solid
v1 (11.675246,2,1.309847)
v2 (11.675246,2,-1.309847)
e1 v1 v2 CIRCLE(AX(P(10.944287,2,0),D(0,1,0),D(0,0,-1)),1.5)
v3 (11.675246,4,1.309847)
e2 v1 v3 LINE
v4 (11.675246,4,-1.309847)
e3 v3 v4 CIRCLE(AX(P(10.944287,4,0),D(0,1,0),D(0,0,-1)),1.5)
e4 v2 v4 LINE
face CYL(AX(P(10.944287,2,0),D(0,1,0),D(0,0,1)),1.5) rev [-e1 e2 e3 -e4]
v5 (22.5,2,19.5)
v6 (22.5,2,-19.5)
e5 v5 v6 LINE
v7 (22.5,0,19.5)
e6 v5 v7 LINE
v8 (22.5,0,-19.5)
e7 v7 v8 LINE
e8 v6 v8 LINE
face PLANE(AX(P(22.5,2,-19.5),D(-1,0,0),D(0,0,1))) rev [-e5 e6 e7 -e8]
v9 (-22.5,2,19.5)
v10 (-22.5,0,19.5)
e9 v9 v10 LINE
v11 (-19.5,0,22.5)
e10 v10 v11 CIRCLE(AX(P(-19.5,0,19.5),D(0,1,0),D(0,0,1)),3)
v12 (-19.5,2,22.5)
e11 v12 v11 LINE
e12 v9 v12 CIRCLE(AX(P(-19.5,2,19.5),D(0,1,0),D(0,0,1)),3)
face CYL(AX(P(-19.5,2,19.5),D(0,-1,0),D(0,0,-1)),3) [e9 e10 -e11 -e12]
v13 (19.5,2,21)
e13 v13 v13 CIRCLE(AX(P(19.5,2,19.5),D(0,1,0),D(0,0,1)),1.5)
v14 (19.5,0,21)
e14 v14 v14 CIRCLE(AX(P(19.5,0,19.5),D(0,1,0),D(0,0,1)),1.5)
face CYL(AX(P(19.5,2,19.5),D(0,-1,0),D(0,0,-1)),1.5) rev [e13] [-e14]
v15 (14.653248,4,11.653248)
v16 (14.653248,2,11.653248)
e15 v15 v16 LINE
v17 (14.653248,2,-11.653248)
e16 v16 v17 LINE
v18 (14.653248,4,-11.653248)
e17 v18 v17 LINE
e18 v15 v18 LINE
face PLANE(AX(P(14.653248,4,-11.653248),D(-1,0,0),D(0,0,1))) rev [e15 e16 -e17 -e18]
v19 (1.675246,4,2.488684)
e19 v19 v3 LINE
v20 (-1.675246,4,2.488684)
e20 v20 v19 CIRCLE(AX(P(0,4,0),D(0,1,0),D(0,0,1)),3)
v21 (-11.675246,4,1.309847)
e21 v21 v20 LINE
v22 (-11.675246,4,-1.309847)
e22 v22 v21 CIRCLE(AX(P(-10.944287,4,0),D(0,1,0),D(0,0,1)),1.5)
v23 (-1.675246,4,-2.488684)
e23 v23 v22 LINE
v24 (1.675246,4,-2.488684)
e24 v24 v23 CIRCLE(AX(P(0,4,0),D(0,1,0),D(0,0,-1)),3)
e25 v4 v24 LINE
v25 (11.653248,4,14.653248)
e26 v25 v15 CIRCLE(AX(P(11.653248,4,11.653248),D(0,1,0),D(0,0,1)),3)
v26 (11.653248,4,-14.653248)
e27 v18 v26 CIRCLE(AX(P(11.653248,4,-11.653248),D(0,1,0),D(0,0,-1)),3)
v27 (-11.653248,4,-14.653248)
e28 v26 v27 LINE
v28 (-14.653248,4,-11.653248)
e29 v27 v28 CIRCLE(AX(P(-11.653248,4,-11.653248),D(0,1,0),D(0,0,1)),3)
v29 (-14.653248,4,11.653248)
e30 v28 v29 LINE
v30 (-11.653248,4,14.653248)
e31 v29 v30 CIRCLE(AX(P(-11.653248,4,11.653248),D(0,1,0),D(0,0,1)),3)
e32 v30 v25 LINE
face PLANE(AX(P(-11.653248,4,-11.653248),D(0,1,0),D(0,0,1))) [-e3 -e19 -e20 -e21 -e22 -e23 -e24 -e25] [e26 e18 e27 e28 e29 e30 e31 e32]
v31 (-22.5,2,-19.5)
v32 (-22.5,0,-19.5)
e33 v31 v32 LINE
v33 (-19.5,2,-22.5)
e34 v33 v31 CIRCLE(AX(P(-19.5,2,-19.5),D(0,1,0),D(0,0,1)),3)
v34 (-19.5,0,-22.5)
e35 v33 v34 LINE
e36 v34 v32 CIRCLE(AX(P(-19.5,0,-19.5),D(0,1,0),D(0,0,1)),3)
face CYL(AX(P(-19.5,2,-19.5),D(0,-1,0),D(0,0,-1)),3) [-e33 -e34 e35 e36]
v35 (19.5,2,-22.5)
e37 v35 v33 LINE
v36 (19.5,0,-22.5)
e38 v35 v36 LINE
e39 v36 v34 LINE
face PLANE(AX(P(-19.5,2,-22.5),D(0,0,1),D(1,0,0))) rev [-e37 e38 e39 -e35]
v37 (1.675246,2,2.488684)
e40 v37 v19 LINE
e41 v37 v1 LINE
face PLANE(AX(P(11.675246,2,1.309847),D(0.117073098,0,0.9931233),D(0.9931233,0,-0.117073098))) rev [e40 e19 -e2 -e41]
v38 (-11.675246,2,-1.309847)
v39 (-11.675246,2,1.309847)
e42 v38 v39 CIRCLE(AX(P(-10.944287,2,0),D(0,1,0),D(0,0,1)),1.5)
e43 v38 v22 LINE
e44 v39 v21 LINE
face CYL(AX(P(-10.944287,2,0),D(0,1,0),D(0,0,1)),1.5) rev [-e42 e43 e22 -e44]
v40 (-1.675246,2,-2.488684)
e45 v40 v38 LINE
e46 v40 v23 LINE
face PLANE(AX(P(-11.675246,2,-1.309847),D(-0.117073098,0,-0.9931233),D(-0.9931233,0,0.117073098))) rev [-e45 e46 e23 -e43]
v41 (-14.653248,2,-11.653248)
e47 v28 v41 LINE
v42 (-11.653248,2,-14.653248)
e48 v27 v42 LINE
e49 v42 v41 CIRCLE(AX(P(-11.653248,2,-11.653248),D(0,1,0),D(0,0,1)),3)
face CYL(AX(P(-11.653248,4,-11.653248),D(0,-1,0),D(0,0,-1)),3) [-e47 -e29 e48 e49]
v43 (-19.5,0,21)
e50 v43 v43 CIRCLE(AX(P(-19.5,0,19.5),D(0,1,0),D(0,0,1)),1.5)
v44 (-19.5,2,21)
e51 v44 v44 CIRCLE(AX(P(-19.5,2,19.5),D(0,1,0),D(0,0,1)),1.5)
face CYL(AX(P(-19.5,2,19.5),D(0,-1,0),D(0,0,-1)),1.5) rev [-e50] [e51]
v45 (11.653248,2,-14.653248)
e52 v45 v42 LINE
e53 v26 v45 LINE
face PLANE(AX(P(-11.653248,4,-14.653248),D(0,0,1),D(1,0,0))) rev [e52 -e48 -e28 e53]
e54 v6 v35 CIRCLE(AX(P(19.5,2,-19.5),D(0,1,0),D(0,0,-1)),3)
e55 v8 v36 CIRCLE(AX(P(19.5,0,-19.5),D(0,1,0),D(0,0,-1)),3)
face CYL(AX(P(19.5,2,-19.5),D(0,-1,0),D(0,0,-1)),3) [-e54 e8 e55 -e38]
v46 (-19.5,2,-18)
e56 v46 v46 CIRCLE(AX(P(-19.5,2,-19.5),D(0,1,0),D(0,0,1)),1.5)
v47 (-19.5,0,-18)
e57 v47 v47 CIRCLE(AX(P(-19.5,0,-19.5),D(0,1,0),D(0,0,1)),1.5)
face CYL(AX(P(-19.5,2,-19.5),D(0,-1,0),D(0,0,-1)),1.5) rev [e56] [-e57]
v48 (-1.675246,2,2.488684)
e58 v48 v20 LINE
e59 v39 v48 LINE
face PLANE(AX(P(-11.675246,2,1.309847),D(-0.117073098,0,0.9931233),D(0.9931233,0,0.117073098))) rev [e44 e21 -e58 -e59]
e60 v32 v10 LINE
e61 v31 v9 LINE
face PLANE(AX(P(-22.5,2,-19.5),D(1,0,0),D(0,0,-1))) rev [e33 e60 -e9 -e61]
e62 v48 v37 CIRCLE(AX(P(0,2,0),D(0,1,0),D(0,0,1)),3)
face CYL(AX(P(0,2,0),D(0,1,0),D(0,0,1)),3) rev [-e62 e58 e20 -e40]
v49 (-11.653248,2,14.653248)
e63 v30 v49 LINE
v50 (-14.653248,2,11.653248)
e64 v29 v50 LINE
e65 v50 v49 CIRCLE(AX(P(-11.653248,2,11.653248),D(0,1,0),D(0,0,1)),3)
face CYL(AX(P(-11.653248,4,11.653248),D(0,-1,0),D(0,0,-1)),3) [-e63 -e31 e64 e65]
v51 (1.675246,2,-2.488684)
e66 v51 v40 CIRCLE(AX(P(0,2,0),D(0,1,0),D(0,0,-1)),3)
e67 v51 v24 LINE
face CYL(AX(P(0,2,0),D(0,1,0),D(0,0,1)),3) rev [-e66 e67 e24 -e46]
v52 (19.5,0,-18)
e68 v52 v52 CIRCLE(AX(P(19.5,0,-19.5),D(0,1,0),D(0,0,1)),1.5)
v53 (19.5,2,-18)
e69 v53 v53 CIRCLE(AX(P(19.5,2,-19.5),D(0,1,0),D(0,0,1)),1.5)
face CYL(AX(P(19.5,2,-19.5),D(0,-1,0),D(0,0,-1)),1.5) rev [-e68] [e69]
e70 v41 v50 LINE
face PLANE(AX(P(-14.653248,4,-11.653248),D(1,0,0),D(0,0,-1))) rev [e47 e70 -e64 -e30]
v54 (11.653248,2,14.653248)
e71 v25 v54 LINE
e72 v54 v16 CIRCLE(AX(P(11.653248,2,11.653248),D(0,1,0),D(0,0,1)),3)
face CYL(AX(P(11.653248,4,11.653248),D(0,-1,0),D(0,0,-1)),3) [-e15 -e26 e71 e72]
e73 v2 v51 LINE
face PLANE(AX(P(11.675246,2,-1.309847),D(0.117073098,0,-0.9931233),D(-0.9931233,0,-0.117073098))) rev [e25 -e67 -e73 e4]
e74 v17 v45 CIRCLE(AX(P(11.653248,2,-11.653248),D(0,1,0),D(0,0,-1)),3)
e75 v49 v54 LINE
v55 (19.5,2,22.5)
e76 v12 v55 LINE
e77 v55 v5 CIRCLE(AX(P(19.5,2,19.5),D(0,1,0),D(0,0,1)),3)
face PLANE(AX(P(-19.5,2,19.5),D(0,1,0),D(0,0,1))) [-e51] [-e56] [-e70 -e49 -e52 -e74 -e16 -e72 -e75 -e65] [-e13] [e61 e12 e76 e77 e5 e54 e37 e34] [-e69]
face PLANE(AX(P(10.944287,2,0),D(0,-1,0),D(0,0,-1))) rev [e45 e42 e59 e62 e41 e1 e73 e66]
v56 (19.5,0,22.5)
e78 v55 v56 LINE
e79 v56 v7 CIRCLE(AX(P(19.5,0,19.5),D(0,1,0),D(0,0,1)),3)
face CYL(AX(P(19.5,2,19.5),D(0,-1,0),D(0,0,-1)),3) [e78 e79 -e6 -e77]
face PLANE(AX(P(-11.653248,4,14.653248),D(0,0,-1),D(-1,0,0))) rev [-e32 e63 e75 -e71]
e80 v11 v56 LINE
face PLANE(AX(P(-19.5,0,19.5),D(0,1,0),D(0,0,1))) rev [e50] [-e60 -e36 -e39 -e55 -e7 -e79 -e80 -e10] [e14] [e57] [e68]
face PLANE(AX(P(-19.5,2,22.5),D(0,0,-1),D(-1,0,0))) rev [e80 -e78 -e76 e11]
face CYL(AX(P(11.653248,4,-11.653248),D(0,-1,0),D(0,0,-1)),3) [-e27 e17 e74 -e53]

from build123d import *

# Parameters (mm, degrees)
SKETCH2_R           = 1.5
BOSS_EXTRUDE1_DEPTH = 2
BOSS_EXTRUDE2_DEPTH = 2
CUT_EXTRUDE1_DEPTH  = 2


with BuildPart() as part:
    # Sketch2 → Boss-Extrude1 (new body)
    with BuildSketch(Plane(origin=(0, 0, 0), x_dir=(1, 0, 0), z_dir=(0, 1, 0))):
        with BuildLine():
            Line((-19.5, 22.5), (19.5, 22.5))
            ThreePointArc((19.5, 22.5), (21.621320344, 21.621320344), (22.5, 19.5))
            Line((22.5, 19.5), (22.5, -19.5))
            ThreePointArc((22.5, -19.5), (21.621320344, -21.621320344), (19.5, -22.5))
            Line((19.5, -22.5), (-19.5, -22.5))
            ThreePointArc((-19.5, -22.5), (-21.621320344, -21.621320344), (-22.5, -19.5))
            Line((-22.5, -19.5), (-22.5, 19.5))
            ThreePointArc((-22.5, 19.5), (-21.621320344, 21.621320344), (-19.5, 22.5))
        make_face()
        with Locations(Location((19.5, -19.5, 0), (0, 0, 270))):
            Circle(SKETCH2_R, mode=Mode.SUBTRACT)
        with Locations(Location((19.5, 19.5, 0), (0, 0, 270))):
            Circle(SKETCH2_R, mode=Mode.SUBTRACT)
        with Locations(Location((-19.5, 19.5, 0), (0, 0, 270))):
            Circle(SKETCH2_R, mode=Mode.SUBTRACT)
        with Locations(Location((-19.5, -19.5, 0), (0, 0, 270))):
            Circle(SKETCH2_R, mode=Mode.SUBTRACT)
    extrude(amount=BOSS_EXTRUDE1_DEPTH)

    # Sketch3 → Boss-Extrude2 (add)
    with BuildSketch(Plane(origin=(0, 2, 0), x_dir=(1, 0, 0), z_dir=(0, 1, 0))):
        with BuildLine():
            Line((-11.653247837, 14.653247837), (11.653247837, 14.653247837))
            ThreePointArc((11.653247837, 14.653247837), (13.774568181, 13.774568181), (14.653247837, 11.653247837))
            Line((14.653247837, 11.653247837), (14.653247837, -11.653247837))
            ThreePointArc((14.653247837, -11.653247837), (13.774568181, -13.774568181), (11.653247837, -14.653247837))
            Line((11.653247837, -14.653247837), (-11.653247837, -14.653247837))
            ThreePointArc((-11.653247837, -14.653247837), (-13.774568181, -13.774568181), (-14.653247837, -11.653247837))
            Line((-14.653247837, -11.653247837), (-14.653247837, 11.653247837))
            ThreePointArc((-14.653247837, 11.653247837), (-13.774568181, 13.774568181), (-11.653247837, 14.653247837))
        make_face()
    extrude(amount=BOSS_EXTRUDE2_DEPTH)

    # Sketch4 → Cut-Extrude1 (cut)
    with BuildSketch(Plane(origin=(0, 4, 0), x_dir=(1, 0, 0), z_dir=(0, 1, 0))):
        with BuildLine():
            Line((11.675246151, -1.309846963), (1.675246151, -2.488684458))
            ThreePointArc((1.675246151, -2.488684458), (0, -3), (-1.675246151, -2.488684458))
            Line((-1.675246151, -2.488684458), (-11.675246151, -1.309846963))
            ThreePointArc((-11.675246151, -1.309846963), (-12.444287238, 0), (-11.675246151, 1.309846963))
            Line((-11.675246151, 1.309846963), (-1.675246151, 2.488684458))
            ThreePointArc((-1.675246151, 2.488684458), (0, 3), (1.675246151, 2.488684458))
            Line((1.675246151, 2.488684458), (11.675246151, 1.309846963))
            ThreePointArc((11.675246151, 1.309846963), (12.444287238, 0), (11.675246151, -1.309846963))
        make_face()
    extrude(amount=-CUT_EXTRUDE1_DEPTH, mode=Mode.SUBTRACT)


solid = part.part
